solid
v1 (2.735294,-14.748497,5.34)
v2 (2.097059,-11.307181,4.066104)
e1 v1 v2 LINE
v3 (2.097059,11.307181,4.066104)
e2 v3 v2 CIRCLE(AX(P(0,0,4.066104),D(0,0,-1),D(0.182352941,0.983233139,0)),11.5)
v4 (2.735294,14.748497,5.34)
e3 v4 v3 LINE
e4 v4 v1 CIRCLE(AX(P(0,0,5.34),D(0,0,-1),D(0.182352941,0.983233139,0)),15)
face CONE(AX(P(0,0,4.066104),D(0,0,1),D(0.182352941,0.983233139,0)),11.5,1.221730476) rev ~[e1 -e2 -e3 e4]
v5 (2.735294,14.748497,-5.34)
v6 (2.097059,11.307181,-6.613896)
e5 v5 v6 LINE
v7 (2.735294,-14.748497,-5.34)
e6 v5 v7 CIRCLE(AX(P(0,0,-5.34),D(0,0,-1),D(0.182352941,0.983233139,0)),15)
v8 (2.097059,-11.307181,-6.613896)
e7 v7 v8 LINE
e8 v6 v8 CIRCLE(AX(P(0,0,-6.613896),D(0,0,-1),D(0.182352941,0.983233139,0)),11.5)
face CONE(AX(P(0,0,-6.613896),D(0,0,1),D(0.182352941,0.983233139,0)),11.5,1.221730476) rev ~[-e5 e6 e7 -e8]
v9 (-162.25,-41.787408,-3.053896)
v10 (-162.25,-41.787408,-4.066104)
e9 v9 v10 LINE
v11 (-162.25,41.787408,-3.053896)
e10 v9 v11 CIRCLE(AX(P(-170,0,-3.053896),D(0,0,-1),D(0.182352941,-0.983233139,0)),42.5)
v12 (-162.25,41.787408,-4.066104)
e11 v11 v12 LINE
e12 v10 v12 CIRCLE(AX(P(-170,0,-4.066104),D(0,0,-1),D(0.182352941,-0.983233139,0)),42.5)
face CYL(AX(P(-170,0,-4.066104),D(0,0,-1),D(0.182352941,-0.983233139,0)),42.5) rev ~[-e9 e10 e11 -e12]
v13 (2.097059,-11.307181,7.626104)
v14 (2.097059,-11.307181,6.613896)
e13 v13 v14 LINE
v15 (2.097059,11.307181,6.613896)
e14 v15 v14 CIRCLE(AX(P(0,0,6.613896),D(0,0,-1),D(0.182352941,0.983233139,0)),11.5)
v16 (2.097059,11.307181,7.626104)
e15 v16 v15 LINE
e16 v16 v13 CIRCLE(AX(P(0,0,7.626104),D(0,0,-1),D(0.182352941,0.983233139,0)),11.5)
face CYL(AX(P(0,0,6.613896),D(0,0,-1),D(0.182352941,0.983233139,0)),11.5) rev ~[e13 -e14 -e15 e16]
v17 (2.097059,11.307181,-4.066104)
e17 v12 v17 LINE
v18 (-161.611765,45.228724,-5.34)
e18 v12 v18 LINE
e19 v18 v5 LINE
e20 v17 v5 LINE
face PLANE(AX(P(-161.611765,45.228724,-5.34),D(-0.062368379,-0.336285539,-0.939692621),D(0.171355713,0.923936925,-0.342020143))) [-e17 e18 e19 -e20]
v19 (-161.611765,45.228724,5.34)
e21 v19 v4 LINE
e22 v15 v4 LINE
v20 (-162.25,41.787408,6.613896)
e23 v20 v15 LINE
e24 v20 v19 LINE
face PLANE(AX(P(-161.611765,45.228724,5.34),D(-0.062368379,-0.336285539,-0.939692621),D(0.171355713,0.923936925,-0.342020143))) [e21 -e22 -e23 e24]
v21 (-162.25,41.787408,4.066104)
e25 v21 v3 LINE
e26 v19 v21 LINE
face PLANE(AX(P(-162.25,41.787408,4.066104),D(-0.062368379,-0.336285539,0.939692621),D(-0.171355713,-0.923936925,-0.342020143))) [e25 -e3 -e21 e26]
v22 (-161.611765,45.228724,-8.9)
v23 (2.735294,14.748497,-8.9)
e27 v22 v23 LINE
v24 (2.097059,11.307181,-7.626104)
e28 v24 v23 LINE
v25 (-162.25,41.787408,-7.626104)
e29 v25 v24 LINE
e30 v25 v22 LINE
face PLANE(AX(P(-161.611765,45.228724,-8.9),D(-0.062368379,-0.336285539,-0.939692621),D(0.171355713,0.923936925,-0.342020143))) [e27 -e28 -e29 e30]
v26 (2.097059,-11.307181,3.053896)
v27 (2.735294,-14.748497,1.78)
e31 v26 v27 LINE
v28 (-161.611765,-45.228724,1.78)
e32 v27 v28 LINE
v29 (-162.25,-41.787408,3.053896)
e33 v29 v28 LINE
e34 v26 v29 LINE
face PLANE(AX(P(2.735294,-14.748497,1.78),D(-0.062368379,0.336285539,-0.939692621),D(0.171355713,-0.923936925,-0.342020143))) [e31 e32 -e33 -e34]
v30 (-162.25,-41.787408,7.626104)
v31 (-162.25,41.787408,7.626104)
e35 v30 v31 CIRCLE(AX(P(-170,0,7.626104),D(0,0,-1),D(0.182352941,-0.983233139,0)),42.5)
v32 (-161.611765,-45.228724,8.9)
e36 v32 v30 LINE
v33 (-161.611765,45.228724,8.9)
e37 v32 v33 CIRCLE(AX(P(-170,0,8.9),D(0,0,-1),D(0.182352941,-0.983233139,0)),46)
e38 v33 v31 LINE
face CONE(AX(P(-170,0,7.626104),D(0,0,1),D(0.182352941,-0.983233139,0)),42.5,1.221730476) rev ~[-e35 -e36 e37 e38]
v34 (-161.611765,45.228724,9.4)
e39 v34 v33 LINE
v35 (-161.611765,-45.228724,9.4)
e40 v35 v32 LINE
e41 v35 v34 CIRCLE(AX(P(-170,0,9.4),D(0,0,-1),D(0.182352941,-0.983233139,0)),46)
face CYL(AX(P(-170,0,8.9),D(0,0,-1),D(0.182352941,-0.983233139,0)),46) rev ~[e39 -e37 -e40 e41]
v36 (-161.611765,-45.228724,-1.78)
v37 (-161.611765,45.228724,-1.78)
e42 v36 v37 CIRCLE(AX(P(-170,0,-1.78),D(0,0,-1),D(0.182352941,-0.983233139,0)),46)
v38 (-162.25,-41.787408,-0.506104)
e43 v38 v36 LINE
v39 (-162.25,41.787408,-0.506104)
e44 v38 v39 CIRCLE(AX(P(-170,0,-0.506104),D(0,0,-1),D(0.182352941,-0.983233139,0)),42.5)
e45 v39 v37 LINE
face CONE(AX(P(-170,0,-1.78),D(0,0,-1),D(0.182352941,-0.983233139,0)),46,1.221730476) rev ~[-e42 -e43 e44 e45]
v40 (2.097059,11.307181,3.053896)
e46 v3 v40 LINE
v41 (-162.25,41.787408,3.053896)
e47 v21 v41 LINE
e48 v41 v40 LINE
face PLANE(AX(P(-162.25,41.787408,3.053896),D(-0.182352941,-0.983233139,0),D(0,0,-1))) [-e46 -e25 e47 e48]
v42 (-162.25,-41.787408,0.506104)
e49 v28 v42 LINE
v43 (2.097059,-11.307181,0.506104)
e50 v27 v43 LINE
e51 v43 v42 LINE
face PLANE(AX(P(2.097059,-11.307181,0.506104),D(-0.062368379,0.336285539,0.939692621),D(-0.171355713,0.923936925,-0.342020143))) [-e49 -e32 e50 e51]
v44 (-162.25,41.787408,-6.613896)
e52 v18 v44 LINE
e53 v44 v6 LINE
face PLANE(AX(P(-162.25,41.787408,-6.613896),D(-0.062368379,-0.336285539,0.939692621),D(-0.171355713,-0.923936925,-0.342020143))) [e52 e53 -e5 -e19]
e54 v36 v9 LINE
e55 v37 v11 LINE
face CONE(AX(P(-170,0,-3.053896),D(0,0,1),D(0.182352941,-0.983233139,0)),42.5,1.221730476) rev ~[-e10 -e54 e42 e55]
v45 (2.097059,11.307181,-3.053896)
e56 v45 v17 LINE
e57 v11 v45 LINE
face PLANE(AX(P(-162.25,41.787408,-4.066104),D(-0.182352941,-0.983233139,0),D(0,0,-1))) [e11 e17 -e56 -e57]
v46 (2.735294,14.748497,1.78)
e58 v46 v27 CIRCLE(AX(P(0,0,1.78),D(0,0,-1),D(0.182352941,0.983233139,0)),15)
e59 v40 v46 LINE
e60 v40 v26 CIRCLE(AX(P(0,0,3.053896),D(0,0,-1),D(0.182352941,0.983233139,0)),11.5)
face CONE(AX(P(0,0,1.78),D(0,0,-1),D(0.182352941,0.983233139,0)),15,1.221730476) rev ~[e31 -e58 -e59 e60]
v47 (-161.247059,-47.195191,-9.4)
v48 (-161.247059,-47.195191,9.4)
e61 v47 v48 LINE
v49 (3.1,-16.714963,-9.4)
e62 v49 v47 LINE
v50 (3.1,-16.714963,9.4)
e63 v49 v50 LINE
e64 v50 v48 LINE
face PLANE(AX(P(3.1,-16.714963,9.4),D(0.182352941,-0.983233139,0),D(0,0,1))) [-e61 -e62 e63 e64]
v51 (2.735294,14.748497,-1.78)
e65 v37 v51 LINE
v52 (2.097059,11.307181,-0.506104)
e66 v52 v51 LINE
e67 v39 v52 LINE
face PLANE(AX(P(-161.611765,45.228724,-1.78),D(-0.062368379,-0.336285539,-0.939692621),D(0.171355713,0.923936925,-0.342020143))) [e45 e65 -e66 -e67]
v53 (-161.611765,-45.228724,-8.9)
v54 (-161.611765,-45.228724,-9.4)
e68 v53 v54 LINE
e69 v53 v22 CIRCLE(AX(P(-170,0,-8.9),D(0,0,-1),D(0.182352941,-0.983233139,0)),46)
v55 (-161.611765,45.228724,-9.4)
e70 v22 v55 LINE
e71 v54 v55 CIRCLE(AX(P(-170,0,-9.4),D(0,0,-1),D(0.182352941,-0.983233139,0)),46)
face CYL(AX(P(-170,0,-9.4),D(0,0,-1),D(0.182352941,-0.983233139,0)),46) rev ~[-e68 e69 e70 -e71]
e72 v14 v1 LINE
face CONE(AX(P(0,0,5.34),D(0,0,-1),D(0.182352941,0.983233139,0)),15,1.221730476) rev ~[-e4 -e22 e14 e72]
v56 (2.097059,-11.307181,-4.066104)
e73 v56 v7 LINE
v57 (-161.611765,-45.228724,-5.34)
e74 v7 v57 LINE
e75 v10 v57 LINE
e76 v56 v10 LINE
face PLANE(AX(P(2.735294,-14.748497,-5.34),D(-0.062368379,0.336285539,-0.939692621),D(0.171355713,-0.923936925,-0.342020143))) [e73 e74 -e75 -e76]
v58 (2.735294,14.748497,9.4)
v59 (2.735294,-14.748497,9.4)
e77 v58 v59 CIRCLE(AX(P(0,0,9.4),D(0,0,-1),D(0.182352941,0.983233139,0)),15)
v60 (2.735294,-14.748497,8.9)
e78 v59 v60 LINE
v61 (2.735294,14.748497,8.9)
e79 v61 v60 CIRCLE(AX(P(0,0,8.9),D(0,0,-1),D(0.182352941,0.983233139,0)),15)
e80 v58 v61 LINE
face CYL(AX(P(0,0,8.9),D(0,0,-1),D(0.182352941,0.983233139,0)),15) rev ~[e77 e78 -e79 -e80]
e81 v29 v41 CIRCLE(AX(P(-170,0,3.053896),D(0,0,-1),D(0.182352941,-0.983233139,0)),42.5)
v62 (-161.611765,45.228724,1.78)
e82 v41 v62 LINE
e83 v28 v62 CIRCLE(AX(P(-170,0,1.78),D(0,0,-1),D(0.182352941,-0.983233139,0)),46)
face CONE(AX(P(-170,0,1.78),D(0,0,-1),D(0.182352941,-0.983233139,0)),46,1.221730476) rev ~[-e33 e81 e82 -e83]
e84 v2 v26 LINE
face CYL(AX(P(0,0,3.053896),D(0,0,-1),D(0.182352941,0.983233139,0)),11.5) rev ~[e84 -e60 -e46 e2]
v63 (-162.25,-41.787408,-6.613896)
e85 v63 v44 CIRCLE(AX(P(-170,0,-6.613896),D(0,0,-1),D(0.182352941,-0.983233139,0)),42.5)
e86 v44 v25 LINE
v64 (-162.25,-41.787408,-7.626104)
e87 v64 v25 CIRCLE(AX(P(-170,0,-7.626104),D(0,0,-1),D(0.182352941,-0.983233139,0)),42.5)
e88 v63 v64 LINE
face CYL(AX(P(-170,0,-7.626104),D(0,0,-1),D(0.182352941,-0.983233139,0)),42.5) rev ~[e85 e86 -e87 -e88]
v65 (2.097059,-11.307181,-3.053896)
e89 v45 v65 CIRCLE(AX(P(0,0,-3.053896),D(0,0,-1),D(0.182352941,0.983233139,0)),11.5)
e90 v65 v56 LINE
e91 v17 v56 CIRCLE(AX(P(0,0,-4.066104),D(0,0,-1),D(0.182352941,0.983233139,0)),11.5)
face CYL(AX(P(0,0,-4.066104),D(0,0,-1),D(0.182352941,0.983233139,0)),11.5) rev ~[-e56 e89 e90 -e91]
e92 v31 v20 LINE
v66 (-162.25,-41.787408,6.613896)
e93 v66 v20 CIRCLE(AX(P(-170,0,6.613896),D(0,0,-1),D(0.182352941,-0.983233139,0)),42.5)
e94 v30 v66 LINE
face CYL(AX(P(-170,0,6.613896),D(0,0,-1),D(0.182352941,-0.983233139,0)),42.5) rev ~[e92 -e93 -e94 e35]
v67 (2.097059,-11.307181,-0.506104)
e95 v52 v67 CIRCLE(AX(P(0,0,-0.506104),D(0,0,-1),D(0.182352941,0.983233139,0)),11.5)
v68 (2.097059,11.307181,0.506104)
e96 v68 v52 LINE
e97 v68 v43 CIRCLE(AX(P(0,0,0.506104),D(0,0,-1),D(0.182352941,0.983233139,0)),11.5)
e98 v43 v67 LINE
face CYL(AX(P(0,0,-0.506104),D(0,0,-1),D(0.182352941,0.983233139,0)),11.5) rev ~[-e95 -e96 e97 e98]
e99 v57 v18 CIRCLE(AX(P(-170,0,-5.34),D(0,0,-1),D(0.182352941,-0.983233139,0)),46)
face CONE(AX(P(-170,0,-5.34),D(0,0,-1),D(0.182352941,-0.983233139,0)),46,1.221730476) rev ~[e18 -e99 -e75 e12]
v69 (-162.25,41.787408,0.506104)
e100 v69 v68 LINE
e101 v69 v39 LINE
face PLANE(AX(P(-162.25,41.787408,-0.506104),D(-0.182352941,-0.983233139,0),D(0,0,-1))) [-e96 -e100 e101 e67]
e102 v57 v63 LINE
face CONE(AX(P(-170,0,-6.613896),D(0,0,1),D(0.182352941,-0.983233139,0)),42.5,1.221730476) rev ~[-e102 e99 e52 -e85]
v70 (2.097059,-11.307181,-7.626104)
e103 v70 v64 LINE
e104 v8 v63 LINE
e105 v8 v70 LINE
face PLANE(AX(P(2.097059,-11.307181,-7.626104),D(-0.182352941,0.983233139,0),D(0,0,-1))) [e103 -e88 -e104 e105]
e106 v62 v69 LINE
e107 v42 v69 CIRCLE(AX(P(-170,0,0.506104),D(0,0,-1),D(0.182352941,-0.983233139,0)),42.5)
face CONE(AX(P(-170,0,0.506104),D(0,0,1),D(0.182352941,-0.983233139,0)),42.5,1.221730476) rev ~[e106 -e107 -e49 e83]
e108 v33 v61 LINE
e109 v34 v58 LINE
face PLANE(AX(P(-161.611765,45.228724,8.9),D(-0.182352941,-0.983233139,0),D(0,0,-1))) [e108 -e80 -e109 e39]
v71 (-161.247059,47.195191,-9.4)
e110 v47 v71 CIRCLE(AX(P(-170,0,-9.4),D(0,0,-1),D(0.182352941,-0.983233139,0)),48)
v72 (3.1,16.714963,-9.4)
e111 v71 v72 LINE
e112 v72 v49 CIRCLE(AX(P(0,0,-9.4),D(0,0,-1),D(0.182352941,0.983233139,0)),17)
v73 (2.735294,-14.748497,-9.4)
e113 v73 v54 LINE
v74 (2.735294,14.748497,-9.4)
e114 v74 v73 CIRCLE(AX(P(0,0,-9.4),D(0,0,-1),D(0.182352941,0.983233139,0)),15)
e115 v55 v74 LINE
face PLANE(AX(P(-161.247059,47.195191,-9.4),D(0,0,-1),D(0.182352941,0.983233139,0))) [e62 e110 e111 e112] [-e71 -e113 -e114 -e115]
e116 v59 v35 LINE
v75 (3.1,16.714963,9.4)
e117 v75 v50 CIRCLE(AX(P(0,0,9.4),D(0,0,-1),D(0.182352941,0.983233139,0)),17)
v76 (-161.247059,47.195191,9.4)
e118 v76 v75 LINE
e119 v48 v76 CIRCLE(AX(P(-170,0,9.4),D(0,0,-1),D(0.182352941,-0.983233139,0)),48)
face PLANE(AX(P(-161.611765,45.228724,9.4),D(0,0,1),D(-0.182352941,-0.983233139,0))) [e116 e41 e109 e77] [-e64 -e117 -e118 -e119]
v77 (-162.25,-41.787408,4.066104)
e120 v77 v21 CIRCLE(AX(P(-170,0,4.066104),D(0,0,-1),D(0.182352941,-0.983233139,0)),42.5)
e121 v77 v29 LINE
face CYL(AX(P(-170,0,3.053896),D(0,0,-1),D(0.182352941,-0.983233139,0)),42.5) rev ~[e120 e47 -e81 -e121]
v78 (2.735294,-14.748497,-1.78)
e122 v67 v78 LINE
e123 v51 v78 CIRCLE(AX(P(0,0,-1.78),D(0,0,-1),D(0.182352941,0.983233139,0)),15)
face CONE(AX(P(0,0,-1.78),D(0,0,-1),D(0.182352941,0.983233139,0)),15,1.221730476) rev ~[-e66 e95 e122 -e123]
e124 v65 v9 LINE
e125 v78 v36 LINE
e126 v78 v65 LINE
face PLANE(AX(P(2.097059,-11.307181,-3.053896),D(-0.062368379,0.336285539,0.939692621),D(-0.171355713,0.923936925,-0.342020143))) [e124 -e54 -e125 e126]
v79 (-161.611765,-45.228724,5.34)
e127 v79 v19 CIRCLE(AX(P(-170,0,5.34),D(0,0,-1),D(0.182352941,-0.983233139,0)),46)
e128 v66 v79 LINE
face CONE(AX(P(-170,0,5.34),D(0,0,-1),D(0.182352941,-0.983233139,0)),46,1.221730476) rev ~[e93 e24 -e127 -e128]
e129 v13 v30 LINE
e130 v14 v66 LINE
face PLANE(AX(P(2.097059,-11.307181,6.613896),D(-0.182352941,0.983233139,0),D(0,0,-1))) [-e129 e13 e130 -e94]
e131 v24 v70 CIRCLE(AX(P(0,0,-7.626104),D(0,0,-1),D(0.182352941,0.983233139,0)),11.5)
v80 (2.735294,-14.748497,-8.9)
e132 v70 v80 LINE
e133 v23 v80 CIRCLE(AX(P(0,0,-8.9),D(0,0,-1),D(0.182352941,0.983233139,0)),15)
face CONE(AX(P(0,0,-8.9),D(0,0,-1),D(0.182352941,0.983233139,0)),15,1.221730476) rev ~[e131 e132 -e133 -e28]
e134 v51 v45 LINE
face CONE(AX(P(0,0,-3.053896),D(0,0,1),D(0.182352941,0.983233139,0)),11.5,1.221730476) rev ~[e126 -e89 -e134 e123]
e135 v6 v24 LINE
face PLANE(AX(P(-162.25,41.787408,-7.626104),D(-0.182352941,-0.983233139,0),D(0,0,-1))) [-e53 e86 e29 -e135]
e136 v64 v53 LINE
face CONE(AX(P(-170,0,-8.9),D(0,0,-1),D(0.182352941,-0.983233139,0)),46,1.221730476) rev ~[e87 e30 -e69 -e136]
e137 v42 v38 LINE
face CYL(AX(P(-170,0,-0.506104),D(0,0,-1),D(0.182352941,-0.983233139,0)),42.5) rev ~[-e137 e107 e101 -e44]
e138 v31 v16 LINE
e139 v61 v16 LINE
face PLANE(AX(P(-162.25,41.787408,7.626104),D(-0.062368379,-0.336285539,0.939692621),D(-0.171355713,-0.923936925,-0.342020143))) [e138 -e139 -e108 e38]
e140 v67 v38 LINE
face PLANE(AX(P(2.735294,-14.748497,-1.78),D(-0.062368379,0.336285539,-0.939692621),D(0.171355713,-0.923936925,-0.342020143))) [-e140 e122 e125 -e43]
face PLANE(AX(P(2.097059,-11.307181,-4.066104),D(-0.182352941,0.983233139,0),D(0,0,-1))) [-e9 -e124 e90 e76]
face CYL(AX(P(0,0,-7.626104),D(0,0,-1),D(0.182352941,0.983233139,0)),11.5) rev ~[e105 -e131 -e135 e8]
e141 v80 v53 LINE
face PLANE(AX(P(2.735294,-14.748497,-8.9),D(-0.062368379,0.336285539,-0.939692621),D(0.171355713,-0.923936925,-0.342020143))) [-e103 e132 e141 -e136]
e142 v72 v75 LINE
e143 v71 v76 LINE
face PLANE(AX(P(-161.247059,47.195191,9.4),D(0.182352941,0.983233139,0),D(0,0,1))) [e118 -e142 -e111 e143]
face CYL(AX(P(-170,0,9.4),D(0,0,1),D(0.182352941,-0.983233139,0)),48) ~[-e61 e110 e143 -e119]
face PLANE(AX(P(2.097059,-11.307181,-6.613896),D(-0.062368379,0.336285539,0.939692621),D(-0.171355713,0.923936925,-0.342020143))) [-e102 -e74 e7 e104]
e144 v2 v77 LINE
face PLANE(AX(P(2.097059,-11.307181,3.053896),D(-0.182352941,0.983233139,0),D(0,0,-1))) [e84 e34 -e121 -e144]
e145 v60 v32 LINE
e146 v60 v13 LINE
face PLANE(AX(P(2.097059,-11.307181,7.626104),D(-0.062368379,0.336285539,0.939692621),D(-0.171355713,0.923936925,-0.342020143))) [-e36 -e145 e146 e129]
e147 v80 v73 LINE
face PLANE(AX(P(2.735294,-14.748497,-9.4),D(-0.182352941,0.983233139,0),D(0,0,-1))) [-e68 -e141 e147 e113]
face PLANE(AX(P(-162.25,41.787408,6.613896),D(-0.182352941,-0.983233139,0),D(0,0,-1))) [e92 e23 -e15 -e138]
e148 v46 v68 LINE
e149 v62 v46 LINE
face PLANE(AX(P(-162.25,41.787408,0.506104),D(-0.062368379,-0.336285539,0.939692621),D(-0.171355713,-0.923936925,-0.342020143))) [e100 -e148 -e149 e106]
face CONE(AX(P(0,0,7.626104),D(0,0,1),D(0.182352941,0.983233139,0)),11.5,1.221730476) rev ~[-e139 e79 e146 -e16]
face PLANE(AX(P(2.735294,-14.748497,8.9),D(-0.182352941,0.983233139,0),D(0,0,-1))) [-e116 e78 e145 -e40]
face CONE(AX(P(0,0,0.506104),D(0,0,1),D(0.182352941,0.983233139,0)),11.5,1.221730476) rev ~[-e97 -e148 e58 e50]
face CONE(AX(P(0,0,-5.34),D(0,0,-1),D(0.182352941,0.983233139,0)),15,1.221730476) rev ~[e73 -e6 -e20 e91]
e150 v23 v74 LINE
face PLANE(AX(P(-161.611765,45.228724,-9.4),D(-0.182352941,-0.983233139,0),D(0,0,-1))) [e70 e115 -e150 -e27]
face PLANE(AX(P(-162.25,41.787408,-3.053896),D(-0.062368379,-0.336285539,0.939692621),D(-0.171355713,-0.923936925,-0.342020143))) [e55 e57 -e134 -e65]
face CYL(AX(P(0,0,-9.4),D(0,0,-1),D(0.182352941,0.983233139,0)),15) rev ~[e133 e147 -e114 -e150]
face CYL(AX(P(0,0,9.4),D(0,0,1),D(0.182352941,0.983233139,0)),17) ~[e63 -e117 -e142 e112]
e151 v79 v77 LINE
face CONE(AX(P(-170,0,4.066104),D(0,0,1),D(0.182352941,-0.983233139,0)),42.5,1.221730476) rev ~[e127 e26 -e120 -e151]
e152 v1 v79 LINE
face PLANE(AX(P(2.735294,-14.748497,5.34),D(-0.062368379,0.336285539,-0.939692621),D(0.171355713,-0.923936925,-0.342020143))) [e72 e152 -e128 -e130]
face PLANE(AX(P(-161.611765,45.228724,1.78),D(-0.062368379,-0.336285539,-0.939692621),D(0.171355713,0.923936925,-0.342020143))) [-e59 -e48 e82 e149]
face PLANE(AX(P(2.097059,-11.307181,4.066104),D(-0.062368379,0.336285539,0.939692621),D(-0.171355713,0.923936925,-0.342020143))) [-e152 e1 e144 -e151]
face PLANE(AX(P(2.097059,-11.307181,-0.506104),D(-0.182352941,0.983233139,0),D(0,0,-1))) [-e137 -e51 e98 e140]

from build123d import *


with BuildPart() as part:
    # По траектории1: sweep along a path in Эскиз1
    with BuildLine(Plane.XY) as sweep_1_path:
        Line((-161.247058824, 47.195190653), (3.1, 16.714963356))
        ThreePointArc((3.1, 16.714963356), (17, 0), (3.1, -16.714963356))
        Line((3.1, -16.714963356), (-161.247058824, -47.195190653))
        ThreePointArc((-161.247058824, -47.195190653), (-218, 0), (-161.247058824, 47.195190653))
    # Эскиз2 → По траектории1 (sweep)
    with BuildSketch(Plane(origin=(0, 0, 0), x_dir=(1, 0, 0), z_dir=(0, 1, 0))):
        Polygon((-212.5, 3.05389582), (-216, 1.78), (-212.5, 0.50610418), (-212.5, -0.50610418), (-216, -1.78), (-212.5, -3.05389582), (-212.5, -4.06610418), (-216, -5.34), (-212.5, -6.61389582), (-212.5, -7.62610418), (-216, -8.9), (-216, -9.4), (-218, -9.4), (-218, 9.4), (-216, 9.4), (-216, 8.9), (-212.5, 7.62610418), (-212.5, 6.61389582), (-216, 5.34), (-212.5, 4.06610418), align=None)
    sweep(path=sweep_1_path.line)


solid = part.part
